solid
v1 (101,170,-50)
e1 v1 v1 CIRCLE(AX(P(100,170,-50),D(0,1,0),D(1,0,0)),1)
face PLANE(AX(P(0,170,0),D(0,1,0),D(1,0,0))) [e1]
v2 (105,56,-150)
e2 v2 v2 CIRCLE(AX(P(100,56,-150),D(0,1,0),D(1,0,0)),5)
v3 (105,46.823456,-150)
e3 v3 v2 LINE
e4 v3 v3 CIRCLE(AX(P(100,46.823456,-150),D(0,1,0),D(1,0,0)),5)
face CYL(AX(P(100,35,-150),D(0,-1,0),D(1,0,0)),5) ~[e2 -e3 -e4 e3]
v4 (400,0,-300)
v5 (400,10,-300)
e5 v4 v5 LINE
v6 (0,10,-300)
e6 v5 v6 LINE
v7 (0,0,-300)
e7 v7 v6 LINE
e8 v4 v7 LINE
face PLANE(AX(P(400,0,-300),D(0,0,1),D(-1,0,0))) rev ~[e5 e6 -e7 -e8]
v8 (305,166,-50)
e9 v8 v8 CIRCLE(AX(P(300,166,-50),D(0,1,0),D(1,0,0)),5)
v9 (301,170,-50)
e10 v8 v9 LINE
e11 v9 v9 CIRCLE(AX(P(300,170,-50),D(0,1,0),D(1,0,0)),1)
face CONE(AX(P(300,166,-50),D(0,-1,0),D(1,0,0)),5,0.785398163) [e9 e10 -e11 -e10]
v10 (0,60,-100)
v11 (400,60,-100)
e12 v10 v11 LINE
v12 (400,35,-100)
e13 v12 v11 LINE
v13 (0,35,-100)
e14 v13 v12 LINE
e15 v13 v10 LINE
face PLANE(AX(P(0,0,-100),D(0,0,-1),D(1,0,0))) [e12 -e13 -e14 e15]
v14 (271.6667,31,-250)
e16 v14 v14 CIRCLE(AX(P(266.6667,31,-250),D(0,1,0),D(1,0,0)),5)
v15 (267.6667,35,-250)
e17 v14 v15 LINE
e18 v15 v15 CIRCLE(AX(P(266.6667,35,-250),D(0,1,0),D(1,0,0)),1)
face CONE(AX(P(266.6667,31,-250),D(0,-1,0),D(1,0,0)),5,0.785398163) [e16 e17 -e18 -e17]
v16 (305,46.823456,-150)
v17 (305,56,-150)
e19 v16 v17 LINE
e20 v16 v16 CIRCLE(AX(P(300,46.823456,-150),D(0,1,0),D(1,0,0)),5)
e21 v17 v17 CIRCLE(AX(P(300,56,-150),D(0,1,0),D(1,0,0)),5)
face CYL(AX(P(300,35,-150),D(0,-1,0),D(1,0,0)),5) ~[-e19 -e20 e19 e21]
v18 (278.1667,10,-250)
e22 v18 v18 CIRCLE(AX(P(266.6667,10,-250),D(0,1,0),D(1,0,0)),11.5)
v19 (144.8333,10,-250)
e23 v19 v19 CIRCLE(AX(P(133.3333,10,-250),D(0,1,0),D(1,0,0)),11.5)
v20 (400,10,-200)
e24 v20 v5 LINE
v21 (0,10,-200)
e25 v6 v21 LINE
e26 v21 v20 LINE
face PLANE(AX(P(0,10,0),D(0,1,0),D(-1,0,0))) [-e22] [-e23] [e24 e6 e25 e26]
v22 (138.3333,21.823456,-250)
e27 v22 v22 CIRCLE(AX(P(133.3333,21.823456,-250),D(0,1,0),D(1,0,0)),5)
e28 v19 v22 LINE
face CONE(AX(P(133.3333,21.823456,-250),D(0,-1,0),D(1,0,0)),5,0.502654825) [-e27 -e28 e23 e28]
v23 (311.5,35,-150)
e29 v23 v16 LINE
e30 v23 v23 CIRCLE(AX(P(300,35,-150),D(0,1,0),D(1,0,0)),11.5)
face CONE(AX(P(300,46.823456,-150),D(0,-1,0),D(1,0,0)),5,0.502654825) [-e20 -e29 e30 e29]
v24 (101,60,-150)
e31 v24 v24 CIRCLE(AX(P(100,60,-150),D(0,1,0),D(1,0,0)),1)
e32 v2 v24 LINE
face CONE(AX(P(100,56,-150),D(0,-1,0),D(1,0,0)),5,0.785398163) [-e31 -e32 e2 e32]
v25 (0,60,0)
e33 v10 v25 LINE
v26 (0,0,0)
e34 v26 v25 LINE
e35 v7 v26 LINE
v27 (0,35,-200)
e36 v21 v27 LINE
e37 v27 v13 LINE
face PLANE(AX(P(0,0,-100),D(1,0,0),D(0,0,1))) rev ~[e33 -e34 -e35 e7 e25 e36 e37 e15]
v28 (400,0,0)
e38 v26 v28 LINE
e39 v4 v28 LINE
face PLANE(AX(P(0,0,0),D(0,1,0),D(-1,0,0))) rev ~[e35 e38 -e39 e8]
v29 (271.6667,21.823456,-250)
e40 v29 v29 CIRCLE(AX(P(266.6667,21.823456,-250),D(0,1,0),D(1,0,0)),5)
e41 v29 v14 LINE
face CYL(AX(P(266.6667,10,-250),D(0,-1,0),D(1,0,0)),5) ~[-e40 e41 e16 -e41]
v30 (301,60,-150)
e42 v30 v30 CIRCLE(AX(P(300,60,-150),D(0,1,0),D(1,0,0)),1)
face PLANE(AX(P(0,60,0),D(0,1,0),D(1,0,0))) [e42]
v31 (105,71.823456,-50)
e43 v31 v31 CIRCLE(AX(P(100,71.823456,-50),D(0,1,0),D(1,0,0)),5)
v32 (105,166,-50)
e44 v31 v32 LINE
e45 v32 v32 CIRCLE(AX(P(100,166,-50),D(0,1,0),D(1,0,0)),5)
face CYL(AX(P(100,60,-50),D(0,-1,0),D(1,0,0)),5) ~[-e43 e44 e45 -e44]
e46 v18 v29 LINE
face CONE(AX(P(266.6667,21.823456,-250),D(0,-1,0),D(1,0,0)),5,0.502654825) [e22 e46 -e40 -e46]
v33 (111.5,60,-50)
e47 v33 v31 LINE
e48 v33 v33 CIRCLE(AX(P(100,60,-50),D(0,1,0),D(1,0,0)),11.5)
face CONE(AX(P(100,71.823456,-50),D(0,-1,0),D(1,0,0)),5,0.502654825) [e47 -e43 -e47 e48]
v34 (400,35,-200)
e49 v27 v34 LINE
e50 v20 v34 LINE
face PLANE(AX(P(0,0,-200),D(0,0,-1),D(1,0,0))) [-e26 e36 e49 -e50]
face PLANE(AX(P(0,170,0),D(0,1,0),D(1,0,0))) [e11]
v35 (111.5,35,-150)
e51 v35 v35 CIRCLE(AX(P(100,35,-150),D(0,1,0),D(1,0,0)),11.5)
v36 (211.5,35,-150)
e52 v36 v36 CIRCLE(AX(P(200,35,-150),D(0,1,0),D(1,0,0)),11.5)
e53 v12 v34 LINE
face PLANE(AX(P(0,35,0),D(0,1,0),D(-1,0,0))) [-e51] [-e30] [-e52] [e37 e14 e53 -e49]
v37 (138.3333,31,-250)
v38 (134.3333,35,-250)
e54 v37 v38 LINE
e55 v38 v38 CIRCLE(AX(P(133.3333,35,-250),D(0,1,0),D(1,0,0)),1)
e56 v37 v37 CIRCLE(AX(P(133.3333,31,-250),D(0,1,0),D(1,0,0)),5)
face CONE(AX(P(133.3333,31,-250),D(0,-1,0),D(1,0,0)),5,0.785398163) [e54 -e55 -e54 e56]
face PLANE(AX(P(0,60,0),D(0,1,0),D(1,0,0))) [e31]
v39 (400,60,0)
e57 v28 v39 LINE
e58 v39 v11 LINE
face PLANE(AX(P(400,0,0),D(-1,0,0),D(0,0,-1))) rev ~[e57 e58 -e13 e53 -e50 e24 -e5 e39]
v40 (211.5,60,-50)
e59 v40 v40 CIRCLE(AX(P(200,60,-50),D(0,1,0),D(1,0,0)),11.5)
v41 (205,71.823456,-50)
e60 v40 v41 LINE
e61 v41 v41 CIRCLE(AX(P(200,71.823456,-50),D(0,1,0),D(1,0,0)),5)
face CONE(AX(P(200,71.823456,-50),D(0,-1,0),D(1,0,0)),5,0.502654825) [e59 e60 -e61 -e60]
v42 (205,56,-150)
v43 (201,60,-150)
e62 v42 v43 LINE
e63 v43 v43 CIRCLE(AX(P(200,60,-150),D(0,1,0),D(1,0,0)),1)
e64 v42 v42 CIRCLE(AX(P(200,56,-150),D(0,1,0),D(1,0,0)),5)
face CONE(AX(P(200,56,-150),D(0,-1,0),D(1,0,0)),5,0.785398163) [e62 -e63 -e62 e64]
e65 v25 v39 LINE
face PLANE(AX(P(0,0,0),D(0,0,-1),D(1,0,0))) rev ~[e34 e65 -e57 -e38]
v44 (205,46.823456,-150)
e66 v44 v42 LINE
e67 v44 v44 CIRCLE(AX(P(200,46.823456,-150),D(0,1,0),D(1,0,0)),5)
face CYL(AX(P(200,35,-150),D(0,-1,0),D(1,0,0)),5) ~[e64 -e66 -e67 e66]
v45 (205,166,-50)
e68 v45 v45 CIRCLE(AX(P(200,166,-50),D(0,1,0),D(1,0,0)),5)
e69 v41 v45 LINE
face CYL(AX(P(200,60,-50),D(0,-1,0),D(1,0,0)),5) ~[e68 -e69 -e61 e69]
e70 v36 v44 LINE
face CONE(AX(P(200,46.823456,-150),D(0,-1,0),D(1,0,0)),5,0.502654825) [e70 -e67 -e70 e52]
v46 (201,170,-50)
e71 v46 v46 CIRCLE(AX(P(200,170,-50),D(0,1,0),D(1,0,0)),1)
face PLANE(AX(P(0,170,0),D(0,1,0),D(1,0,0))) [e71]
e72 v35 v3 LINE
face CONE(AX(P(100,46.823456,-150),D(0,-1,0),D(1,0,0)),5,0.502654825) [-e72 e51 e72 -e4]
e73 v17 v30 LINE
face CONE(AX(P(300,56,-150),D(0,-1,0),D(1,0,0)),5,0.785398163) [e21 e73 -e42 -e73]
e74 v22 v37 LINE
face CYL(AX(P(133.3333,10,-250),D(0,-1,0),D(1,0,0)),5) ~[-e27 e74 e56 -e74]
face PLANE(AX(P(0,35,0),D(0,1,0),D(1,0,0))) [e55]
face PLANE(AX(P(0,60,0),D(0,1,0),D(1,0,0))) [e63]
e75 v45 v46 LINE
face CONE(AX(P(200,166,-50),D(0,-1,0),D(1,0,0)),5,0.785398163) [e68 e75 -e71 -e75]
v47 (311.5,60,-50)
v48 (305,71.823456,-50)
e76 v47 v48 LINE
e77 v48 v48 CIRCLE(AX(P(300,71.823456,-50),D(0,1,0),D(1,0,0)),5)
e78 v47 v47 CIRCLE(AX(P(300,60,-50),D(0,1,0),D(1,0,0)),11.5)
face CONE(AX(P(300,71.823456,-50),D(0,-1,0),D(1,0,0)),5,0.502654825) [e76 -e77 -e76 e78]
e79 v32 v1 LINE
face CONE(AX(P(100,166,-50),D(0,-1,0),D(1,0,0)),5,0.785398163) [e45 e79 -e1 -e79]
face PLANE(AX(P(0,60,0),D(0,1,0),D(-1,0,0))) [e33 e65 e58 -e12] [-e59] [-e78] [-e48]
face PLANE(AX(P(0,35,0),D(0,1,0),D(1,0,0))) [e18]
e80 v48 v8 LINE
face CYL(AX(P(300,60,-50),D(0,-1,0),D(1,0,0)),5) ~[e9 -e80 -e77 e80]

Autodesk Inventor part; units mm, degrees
ref_plane "YZ Plane" through (0, 0, 0) normal (1, 0, 0) x (0, 1, 0)
ref_plane "XZ Plane" through (0, 0, 0) normal (0, 1, 0) x (-1, 0, 0)
ref_plane "XY Plane" through (0, 0, 0) normal (0, 0, 1) x (1, 0, 0)
sketch "Sketch1" plane through (0, 0, 0) normal (0, 1, 0) x (-1, 0, 0)
  line L0 (0, 0) -> (-400, 0)
  line L1 (-400, 0) -> (-400, -300)
  line L2 (-400, -300) -> (0, -300)
  line L3 (0, -300) -> (0, 0)
  line L4 (0, -200) -> (-400, -200)
  line L5 (0, -100) -> (-400, -100)
  dimension "d0" = 400
  dimension "d1" = 300
  dimension "d21" = 100
  dimension "d22" = 100
extrude "Extrusion1" add sketch "Sketch1" along normal blind 10 contours L3 L2 L1 L4
extrude "Extrusion2" add sketch "Sketch1" along normal blind 35 contours L3 L4 L1 L5
extrude "Extrusion3" add sketch "Sketch1" along normal blind 60 contours L3 L5 L1 L0
sketch "Sketch2" plane through (0, 60, 0) normal (0, 1, 0) x (1, 0, 0)
  line L0 (0, 300) -> (0, 0) projected
  line L1 (0, 50) -> (400, 50) construction
  line L2 (400, 0) -> (400, 300) projected
  line L3 (0, 0) -> (400, 0) projected
  line L4 (0, 100) -> (0, 0) projected
  circle A0 centre (100, 50) radius 5
  circle A1 centre (200, 50) radius 5
  circle A2 centre (300, 50) radius 5
  point P0 (0, 50)
  dimension "d30" = 50
  dimension "d32" = 100
  dimension "d33" = 100
  dimension "d34" = 100
  dimension "d35" = 10
  dimension "d36" = 10
  dimension "d37" = 10
extrude "Extrusion4" add sketch "Sketch2" along normal blind 110
chamfer "Chamfer1" distance 4 angle 45 3 edges at (295, 170, -50) (195, 170, -50) (95, 170, -50)
sketch "Sketch3" plane through (0, 35, 0) normal (0, 1, 0) x (1, 0, 0)
  line L0 (0, 200) -> (0, 100) projected
  line L1 (0, 150) -> (400, 150) construction
  line L2 (400, 0) -> (400, 300) projected
  circle A0 centre (100, 150) radius 5
  circle A1 centre (200, 150) radius 5
  circle A2 centre (300, 150) radius 5
  point P0 (0, 0)
  dimension "d43" = 100
  dimension "d44" = 100
  dimension "d45" = 100
  dimension "d46" = 10
  dimension "d47" = 10
  dimension "d48" = 10
extrude "Extrusion5" add sketch "Sketch3" along normal blind 25
sketch "Sketch4" plane through (0, 10, 0) normal (0, 1, 0) x (1, 0, 0)
  line L0 (0, 300) -> (0, 200) projected
  line L1 (0, 250) -> (400, 250) construction
  line L2 (400, 0) -> (400, 300) projected
  circle A0 centre (133.3333, 250) radius 5
  circle A1 centre (266.6667, 250) radius 5
  point P0 (0, 0)
  dimension "d51" = 133.3333
  dimension "d52" = 133.3333
  dimension "d53" = 10
  dimension "d54" = 10
extrude "Extrusion6" add sketch "Sketch4" along normal blind 25
chamfer "Chamfer2" distance 4 angle 45 5 edges at (295, 60, -150) (261.6667, 35, -250) (128.3333, 35, -250) (95, 60, -150) (195, 60, -150)
chamfer "Chamfer3" distance 6.5 angle 61.2 1 edges at (295, 60, -50) measured on face at (200.2009, 60, -84.9878)
chamfer "Chamfer4" distance 6.5 angle 61.2 2 edges at (195, 60, -50) (95, 60, -50) measured on face at (200.2009, 60, -84.9878)
chamfer "Chamfer5" distance 6.5 angle 61.2 3 edges at (295, 35, -150) (195, 35, -150) (95, 35, -150) measured on face at (200.2009, 35, -184.9878)
chamfer "Chamfer6" distance 6.5 angle 61.2 2 edges at (128.3333, 10, -250) (261.6667, 10, -250) measured on face at (222.0213, 10, -215.0122)
